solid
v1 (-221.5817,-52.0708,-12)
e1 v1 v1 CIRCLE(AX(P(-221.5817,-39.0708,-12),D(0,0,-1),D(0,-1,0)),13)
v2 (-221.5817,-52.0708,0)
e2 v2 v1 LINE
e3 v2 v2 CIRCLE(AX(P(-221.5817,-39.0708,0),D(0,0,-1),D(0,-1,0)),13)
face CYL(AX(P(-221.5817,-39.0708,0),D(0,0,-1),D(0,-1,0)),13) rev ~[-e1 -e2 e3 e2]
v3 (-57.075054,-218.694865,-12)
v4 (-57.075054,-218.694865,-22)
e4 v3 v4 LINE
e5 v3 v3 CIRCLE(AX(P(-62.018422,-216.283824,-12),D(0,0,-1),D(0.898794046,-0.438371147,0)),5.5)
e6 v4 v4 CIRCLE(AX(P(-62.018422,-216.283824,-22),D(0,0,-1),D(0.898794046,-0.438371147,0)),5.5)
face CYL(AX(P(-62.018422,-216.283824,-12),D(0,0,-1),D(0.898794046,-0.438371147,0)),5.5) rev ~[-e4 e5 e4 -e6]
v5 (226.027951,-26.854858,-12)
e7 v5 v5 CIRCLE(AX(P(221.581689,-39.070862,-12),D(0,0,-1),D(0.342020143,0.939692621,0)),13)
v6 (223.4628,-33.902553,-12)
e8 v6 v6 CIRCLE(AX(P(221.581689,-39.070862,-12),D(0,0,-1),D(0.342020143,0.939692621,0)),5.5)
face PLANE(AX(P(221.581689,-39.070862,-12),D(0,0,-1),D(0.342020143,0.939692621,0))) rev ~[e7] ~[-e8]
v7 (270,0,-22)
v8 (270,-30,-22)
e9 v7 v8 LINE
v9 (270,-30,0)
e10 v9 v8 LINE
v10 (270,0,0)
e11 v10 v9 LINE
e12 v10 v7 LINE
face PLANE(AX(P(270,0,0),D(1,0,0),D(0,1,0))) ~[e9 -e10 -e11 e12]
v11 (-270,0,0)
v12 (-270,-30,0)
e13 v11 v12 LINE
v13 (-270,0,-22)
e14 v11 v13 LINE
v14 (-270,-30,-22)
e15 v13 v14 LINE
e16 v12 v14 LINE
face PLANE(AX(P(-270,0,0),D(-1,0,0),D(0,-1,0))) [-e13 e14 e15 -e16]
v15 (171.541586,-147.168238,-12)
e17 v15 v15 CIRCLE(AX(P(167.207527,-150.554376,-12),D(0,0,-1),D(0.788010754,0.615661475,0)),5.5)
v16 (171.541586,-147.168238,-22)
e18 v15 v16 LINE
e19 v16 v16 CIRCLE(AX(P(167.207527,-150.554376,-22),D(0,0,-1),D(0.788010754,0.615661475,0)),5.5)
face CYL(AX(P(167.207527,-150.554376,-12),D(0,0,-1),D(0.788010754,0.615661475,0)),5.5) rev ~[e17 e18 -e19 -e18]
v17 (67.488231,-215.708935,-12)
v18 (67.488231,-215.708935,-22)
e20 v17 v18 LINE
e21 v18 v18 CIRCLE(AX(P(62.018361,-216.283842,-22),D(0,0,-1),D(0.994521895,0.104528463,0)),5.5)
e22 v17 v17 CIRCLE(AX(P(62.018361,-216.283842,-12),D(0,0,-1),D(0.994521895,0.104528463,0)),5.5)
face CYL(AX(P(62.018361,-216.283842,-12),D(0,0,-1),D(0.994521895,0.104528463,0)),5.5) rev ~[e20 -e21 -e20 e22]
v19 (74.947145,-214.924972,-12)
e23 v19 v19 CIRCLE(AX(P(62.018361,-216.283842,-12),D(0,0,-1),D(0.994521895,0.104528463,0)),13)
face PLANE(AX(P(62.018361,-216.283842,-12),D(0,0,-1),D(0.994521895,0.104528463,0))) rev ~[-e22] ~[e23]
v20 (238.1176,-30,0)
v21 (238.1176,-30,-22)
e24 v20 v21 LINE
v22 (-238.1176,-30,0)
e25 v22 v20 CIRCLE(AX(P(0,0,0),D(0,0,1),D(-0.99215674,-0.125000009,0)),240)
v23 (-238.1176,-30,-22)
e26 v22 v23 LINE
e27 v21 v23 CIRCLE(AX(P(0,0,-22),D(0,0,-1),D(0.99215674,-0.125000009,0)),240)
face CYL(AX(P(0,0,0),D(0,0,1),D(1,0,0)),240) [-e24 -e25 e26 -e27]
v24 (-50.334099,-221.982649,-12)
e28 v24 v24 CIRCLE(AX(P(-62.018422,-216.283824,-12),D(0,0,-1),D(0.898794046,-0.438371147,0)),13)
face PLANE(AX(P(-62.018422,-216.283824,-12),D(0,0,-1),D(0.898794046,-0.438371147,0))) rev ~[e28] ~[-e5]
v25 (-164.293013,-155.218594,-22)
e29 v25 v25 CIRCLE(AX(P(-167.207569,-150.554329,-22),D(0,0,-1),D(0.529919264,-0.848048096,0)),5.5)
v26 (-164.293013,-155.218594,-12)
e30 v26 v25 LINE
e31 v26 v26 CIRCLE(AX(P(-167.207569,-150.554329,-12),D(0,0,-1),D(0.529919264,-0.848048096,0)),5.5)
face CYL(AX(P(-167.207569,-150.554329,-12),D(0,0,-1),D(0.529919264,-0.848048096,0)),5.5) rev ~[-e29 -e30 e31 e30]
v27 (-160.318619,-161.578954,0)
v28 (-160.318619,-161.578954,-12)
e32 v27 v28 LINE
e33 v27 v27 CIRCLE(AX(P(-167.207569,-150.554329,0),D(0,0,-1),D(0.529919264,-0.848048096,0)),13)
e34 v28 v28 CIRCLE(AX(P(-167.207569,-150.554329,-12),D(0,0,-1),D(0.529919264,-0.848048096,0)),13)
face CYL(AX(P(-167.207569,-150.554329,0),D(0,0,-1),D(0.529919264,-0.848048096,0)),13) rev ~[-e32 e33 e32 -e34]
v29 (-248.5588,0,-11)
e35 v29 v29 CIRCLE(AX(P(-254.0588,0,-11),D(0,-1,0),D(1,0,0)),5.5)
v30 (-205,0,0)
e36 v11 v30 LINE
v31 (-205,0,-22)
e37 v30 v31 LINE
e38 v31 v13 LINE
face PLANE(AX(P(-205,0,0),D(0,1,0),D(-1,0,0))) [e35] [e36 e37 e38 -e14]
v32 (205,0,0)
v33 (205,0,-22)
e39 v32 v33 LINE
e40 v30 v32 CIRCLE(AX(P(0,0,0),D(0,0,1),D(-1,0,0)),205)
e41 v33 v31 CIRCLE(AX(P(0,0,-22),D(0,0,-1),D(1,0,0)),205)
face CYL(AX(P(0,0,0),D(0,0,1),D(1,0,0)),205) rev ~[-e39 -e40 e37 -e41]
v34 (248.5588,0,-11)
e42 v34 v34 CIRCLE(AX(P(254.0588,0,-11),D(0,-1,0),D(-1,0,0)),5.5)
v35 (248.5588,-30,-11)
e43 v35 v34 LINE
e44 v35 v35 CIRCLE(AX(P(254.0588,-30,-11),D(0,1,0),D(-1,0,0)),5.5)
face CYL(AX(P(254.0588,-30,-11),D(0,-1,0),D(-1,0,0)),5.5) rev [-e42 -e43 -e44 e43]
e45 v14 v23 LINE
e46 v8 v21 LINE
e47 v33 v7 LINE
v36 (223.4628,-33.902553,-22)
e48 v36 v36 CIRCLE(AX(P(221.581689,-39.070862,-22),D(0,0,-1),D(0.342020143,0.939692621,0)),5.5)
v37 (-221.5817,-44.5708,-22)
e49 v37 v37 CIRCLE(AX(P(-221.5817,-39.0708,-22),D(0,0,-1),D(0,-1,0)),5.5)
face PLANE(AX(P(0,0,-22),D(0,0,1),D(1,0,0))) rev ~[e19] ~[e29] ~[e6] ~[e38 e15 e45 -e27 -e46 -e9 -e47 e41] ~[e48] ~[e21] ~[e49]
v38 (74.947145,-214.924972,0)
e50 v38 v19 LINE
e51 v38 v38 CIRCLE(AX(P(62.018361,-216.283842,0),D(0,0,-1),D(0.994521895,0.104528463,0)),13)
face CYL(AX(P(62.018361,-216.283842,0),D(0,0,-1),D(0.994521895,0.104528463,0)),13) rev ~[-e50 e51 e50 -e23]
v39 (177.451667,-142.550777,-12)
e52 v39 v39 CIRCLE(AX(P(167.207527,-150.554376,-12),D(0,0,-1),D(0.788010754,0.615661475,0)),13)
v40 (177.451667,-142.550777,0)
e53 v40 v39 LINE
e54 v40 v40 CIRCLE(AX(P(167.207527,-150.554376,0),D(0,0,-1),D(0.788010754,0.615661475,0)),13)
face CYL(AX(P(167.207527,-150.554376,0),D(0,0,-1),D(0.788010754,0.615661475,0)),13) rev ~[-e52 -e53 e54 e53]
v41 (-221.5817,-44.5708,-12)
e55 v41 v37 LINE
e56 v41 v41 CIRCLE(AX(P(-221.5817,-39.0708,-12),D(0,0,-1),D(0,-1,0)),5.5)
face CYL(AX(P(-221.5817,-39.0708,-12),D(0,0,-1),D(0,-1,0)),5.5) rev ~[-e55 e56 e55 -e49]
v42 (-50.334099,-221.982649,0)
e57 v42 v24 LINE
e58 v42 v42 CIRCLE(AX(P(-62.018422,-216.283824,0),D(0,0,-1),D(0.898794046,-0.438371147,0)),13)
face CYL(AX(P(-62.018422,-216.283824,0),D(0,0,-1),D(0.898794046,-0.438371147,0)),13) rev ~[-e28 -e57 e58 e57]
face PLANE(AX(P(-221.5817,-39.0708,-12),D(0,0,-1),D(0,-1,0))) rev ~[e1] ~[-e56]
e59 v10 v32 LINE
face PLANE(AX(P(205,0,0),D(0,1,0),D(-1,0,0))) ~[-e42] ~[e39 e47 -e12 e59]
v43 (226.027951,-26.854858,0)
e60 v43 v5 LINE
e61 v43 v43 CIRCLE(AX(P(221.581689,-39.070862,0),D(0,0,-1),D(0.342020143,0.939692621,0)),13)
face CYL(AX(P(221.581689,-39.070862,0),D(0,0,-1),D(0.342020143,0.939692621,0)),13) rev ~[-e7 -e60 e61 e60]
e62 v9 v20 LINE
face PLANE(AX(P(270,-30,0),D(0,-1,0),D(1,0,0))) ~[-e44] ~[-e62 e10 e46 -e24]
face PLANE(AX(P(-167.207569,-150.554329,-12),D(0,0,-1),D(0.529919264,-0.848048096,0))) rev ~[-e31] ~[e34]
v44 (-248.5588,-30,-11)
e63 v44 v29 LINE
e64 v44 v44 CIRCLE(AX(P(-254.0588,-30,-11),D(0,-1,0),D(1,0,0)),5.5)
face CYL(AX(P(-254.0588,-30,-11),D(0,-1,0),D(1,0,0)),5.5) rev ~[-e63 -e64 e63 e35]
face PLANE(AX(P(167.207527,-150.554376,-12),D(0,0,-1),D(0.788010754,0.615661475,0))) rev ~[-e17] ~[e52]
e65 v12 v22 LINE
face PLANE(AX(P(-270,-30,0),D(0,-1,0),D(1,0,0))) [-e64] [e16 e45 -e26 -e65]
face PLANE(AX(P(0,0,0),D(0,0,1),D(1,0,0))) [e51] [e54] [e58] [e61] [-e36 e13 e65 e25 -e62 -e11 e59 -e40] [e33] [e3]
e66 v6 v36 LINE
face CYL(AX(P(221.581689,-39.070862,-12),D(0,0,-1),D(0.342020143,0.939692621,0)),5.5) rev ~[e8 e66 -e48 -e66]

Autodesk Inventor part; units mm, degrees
ref_plane "YZ Plane" through (0, 0, 0) normal (1, 0, 0) x (0, 1, 0)
ref_plane "XZ Plane" through (0, 0, 0) normal (0, 1, 0) x (-1, 0, 0)
ref_plane "XY Plane" through (0, 0, 0) normal (0, 0, 1) x (1, 0, 0)
sketch "Sketch1" plane through (0, 0, 0) normal (0, 0, 1) x (1, 0, 0)
  circle A0 centre (0, 0) radius 220 construction
  circle A1 centre (0, 0) radius 205
  circle A2 centre (0, 0) radius 240
  line L0 (-205, 0) -> (-205, 80) construction
  line L1 (-205, 80) -> (-240, 80) construction
  line L2 (-240, 80) -> (-240, 0) construction
  line L3 (-205, 0) -> (-240, 0)
  line L4 (-240, 0) -> (-270, 0)
  line L5 (-270, 0) -> (-270, -30)
  line L6 (-270, -30) -> (-238.1176, -30)
  line L7 (-1.5, -238) -> (1.5, -238)
  line L8 (1.5, -238) -> (1.5, -280)
  line L9 (1.5, -280) -> (-1.5, -280)
  line L10 (-1.5, -280) -> (-1.5, -238)
  line L11 (0, -238) -> (0, -205)
  line L12 (-1.5, -280) -> (-30, -280)
  line L13 (-30, -280) -> (-30, -238.1176)
  line L14 (0, -238) -> (0, -240)
  point P0 (0, -280)
  point P1 (-1.5, -239.9953)
  point P2 (1.5, -239.9953)
  dimension "d26" = 80
  dimension "d40" = 30
  dimension "d41" = 30
  dimension "d74" = 410
  dimension "d75" = 3
  dimension "d76" = 42
  dimension "d77" = 30
  dimension "d78" = 2
  dimension "d98" = 480
  dimension "d99" = 440
extrude "Extrusion1" add sketch "Sketch1" against normal blind 22 contours A1 L11 L7 L10 A2 L3 | A2 L6 L5 L4 | L14 A2 L10 L7
sketch "Sketch10" plane through (-270, -30, 0) normal (0, -1, 0) x (1, 0, 0)
  line L0 (0, 0) -> (31.8824, 0) projected
  line L1 (0, 0) -> (0, -22) projected
  line L2 (31.8824, -22) -> (0, -22) projected
  line L3 (31.8824, 0) -> (31.8824, -22) projected
  circle A0 centre (15.9412, -11) radius 5.5
  line L4 (0, 0) -> (0, -22) projected
  line L5 (0, 0) -> (31.8824, 0) projected
  point P0 (270, 0)
  point P1 (0, -11)
  point P2 (15.9412, 0)
  dimension "d79" = 11
extrude "Extrusion9" cut sketch "Sketch10" against normal through all contours A0
mirror "Mirror3" about plane through (0, 0, 0) normal (1, 0, 0) of "Extrusion1", "Extrusion9"
sketch "Sketch12" plane through (0, 0, 0) normal (0, 0, 1) x (1, 0, 0)
  line L0 (0, 0) -> (-225, 0) construction
  line L1 (0, 0) -> (-221.5817, -39.0708) construction
  circle A0 centre (0, 0) radius 225 construction
  dimension "d86" = 10
  dimension "d87" = 450
hole "Hole4" at (-221.5817, -39.0708, 0) direction (0, 0, -1) diameter 11 end through all counterbore diameter 26 counterbore depth 12
pattern_circular "Circular Pattern5" count 6 over 160 about axis through (0, 0, -10) along (0, 0, 1) of "Hole4"
equation "\"d41\" = d40"
equation "\"d77\" = d41"
equation "\"d93\" = Thickness"
equation "\"BendReliefDepth\" = 0.5 * Thickness"
equation "\"Thickness\" = 30"
properties part number "ДМФ 093 Постель КОРМА v2.0_CPY" material "Nylon 6"
